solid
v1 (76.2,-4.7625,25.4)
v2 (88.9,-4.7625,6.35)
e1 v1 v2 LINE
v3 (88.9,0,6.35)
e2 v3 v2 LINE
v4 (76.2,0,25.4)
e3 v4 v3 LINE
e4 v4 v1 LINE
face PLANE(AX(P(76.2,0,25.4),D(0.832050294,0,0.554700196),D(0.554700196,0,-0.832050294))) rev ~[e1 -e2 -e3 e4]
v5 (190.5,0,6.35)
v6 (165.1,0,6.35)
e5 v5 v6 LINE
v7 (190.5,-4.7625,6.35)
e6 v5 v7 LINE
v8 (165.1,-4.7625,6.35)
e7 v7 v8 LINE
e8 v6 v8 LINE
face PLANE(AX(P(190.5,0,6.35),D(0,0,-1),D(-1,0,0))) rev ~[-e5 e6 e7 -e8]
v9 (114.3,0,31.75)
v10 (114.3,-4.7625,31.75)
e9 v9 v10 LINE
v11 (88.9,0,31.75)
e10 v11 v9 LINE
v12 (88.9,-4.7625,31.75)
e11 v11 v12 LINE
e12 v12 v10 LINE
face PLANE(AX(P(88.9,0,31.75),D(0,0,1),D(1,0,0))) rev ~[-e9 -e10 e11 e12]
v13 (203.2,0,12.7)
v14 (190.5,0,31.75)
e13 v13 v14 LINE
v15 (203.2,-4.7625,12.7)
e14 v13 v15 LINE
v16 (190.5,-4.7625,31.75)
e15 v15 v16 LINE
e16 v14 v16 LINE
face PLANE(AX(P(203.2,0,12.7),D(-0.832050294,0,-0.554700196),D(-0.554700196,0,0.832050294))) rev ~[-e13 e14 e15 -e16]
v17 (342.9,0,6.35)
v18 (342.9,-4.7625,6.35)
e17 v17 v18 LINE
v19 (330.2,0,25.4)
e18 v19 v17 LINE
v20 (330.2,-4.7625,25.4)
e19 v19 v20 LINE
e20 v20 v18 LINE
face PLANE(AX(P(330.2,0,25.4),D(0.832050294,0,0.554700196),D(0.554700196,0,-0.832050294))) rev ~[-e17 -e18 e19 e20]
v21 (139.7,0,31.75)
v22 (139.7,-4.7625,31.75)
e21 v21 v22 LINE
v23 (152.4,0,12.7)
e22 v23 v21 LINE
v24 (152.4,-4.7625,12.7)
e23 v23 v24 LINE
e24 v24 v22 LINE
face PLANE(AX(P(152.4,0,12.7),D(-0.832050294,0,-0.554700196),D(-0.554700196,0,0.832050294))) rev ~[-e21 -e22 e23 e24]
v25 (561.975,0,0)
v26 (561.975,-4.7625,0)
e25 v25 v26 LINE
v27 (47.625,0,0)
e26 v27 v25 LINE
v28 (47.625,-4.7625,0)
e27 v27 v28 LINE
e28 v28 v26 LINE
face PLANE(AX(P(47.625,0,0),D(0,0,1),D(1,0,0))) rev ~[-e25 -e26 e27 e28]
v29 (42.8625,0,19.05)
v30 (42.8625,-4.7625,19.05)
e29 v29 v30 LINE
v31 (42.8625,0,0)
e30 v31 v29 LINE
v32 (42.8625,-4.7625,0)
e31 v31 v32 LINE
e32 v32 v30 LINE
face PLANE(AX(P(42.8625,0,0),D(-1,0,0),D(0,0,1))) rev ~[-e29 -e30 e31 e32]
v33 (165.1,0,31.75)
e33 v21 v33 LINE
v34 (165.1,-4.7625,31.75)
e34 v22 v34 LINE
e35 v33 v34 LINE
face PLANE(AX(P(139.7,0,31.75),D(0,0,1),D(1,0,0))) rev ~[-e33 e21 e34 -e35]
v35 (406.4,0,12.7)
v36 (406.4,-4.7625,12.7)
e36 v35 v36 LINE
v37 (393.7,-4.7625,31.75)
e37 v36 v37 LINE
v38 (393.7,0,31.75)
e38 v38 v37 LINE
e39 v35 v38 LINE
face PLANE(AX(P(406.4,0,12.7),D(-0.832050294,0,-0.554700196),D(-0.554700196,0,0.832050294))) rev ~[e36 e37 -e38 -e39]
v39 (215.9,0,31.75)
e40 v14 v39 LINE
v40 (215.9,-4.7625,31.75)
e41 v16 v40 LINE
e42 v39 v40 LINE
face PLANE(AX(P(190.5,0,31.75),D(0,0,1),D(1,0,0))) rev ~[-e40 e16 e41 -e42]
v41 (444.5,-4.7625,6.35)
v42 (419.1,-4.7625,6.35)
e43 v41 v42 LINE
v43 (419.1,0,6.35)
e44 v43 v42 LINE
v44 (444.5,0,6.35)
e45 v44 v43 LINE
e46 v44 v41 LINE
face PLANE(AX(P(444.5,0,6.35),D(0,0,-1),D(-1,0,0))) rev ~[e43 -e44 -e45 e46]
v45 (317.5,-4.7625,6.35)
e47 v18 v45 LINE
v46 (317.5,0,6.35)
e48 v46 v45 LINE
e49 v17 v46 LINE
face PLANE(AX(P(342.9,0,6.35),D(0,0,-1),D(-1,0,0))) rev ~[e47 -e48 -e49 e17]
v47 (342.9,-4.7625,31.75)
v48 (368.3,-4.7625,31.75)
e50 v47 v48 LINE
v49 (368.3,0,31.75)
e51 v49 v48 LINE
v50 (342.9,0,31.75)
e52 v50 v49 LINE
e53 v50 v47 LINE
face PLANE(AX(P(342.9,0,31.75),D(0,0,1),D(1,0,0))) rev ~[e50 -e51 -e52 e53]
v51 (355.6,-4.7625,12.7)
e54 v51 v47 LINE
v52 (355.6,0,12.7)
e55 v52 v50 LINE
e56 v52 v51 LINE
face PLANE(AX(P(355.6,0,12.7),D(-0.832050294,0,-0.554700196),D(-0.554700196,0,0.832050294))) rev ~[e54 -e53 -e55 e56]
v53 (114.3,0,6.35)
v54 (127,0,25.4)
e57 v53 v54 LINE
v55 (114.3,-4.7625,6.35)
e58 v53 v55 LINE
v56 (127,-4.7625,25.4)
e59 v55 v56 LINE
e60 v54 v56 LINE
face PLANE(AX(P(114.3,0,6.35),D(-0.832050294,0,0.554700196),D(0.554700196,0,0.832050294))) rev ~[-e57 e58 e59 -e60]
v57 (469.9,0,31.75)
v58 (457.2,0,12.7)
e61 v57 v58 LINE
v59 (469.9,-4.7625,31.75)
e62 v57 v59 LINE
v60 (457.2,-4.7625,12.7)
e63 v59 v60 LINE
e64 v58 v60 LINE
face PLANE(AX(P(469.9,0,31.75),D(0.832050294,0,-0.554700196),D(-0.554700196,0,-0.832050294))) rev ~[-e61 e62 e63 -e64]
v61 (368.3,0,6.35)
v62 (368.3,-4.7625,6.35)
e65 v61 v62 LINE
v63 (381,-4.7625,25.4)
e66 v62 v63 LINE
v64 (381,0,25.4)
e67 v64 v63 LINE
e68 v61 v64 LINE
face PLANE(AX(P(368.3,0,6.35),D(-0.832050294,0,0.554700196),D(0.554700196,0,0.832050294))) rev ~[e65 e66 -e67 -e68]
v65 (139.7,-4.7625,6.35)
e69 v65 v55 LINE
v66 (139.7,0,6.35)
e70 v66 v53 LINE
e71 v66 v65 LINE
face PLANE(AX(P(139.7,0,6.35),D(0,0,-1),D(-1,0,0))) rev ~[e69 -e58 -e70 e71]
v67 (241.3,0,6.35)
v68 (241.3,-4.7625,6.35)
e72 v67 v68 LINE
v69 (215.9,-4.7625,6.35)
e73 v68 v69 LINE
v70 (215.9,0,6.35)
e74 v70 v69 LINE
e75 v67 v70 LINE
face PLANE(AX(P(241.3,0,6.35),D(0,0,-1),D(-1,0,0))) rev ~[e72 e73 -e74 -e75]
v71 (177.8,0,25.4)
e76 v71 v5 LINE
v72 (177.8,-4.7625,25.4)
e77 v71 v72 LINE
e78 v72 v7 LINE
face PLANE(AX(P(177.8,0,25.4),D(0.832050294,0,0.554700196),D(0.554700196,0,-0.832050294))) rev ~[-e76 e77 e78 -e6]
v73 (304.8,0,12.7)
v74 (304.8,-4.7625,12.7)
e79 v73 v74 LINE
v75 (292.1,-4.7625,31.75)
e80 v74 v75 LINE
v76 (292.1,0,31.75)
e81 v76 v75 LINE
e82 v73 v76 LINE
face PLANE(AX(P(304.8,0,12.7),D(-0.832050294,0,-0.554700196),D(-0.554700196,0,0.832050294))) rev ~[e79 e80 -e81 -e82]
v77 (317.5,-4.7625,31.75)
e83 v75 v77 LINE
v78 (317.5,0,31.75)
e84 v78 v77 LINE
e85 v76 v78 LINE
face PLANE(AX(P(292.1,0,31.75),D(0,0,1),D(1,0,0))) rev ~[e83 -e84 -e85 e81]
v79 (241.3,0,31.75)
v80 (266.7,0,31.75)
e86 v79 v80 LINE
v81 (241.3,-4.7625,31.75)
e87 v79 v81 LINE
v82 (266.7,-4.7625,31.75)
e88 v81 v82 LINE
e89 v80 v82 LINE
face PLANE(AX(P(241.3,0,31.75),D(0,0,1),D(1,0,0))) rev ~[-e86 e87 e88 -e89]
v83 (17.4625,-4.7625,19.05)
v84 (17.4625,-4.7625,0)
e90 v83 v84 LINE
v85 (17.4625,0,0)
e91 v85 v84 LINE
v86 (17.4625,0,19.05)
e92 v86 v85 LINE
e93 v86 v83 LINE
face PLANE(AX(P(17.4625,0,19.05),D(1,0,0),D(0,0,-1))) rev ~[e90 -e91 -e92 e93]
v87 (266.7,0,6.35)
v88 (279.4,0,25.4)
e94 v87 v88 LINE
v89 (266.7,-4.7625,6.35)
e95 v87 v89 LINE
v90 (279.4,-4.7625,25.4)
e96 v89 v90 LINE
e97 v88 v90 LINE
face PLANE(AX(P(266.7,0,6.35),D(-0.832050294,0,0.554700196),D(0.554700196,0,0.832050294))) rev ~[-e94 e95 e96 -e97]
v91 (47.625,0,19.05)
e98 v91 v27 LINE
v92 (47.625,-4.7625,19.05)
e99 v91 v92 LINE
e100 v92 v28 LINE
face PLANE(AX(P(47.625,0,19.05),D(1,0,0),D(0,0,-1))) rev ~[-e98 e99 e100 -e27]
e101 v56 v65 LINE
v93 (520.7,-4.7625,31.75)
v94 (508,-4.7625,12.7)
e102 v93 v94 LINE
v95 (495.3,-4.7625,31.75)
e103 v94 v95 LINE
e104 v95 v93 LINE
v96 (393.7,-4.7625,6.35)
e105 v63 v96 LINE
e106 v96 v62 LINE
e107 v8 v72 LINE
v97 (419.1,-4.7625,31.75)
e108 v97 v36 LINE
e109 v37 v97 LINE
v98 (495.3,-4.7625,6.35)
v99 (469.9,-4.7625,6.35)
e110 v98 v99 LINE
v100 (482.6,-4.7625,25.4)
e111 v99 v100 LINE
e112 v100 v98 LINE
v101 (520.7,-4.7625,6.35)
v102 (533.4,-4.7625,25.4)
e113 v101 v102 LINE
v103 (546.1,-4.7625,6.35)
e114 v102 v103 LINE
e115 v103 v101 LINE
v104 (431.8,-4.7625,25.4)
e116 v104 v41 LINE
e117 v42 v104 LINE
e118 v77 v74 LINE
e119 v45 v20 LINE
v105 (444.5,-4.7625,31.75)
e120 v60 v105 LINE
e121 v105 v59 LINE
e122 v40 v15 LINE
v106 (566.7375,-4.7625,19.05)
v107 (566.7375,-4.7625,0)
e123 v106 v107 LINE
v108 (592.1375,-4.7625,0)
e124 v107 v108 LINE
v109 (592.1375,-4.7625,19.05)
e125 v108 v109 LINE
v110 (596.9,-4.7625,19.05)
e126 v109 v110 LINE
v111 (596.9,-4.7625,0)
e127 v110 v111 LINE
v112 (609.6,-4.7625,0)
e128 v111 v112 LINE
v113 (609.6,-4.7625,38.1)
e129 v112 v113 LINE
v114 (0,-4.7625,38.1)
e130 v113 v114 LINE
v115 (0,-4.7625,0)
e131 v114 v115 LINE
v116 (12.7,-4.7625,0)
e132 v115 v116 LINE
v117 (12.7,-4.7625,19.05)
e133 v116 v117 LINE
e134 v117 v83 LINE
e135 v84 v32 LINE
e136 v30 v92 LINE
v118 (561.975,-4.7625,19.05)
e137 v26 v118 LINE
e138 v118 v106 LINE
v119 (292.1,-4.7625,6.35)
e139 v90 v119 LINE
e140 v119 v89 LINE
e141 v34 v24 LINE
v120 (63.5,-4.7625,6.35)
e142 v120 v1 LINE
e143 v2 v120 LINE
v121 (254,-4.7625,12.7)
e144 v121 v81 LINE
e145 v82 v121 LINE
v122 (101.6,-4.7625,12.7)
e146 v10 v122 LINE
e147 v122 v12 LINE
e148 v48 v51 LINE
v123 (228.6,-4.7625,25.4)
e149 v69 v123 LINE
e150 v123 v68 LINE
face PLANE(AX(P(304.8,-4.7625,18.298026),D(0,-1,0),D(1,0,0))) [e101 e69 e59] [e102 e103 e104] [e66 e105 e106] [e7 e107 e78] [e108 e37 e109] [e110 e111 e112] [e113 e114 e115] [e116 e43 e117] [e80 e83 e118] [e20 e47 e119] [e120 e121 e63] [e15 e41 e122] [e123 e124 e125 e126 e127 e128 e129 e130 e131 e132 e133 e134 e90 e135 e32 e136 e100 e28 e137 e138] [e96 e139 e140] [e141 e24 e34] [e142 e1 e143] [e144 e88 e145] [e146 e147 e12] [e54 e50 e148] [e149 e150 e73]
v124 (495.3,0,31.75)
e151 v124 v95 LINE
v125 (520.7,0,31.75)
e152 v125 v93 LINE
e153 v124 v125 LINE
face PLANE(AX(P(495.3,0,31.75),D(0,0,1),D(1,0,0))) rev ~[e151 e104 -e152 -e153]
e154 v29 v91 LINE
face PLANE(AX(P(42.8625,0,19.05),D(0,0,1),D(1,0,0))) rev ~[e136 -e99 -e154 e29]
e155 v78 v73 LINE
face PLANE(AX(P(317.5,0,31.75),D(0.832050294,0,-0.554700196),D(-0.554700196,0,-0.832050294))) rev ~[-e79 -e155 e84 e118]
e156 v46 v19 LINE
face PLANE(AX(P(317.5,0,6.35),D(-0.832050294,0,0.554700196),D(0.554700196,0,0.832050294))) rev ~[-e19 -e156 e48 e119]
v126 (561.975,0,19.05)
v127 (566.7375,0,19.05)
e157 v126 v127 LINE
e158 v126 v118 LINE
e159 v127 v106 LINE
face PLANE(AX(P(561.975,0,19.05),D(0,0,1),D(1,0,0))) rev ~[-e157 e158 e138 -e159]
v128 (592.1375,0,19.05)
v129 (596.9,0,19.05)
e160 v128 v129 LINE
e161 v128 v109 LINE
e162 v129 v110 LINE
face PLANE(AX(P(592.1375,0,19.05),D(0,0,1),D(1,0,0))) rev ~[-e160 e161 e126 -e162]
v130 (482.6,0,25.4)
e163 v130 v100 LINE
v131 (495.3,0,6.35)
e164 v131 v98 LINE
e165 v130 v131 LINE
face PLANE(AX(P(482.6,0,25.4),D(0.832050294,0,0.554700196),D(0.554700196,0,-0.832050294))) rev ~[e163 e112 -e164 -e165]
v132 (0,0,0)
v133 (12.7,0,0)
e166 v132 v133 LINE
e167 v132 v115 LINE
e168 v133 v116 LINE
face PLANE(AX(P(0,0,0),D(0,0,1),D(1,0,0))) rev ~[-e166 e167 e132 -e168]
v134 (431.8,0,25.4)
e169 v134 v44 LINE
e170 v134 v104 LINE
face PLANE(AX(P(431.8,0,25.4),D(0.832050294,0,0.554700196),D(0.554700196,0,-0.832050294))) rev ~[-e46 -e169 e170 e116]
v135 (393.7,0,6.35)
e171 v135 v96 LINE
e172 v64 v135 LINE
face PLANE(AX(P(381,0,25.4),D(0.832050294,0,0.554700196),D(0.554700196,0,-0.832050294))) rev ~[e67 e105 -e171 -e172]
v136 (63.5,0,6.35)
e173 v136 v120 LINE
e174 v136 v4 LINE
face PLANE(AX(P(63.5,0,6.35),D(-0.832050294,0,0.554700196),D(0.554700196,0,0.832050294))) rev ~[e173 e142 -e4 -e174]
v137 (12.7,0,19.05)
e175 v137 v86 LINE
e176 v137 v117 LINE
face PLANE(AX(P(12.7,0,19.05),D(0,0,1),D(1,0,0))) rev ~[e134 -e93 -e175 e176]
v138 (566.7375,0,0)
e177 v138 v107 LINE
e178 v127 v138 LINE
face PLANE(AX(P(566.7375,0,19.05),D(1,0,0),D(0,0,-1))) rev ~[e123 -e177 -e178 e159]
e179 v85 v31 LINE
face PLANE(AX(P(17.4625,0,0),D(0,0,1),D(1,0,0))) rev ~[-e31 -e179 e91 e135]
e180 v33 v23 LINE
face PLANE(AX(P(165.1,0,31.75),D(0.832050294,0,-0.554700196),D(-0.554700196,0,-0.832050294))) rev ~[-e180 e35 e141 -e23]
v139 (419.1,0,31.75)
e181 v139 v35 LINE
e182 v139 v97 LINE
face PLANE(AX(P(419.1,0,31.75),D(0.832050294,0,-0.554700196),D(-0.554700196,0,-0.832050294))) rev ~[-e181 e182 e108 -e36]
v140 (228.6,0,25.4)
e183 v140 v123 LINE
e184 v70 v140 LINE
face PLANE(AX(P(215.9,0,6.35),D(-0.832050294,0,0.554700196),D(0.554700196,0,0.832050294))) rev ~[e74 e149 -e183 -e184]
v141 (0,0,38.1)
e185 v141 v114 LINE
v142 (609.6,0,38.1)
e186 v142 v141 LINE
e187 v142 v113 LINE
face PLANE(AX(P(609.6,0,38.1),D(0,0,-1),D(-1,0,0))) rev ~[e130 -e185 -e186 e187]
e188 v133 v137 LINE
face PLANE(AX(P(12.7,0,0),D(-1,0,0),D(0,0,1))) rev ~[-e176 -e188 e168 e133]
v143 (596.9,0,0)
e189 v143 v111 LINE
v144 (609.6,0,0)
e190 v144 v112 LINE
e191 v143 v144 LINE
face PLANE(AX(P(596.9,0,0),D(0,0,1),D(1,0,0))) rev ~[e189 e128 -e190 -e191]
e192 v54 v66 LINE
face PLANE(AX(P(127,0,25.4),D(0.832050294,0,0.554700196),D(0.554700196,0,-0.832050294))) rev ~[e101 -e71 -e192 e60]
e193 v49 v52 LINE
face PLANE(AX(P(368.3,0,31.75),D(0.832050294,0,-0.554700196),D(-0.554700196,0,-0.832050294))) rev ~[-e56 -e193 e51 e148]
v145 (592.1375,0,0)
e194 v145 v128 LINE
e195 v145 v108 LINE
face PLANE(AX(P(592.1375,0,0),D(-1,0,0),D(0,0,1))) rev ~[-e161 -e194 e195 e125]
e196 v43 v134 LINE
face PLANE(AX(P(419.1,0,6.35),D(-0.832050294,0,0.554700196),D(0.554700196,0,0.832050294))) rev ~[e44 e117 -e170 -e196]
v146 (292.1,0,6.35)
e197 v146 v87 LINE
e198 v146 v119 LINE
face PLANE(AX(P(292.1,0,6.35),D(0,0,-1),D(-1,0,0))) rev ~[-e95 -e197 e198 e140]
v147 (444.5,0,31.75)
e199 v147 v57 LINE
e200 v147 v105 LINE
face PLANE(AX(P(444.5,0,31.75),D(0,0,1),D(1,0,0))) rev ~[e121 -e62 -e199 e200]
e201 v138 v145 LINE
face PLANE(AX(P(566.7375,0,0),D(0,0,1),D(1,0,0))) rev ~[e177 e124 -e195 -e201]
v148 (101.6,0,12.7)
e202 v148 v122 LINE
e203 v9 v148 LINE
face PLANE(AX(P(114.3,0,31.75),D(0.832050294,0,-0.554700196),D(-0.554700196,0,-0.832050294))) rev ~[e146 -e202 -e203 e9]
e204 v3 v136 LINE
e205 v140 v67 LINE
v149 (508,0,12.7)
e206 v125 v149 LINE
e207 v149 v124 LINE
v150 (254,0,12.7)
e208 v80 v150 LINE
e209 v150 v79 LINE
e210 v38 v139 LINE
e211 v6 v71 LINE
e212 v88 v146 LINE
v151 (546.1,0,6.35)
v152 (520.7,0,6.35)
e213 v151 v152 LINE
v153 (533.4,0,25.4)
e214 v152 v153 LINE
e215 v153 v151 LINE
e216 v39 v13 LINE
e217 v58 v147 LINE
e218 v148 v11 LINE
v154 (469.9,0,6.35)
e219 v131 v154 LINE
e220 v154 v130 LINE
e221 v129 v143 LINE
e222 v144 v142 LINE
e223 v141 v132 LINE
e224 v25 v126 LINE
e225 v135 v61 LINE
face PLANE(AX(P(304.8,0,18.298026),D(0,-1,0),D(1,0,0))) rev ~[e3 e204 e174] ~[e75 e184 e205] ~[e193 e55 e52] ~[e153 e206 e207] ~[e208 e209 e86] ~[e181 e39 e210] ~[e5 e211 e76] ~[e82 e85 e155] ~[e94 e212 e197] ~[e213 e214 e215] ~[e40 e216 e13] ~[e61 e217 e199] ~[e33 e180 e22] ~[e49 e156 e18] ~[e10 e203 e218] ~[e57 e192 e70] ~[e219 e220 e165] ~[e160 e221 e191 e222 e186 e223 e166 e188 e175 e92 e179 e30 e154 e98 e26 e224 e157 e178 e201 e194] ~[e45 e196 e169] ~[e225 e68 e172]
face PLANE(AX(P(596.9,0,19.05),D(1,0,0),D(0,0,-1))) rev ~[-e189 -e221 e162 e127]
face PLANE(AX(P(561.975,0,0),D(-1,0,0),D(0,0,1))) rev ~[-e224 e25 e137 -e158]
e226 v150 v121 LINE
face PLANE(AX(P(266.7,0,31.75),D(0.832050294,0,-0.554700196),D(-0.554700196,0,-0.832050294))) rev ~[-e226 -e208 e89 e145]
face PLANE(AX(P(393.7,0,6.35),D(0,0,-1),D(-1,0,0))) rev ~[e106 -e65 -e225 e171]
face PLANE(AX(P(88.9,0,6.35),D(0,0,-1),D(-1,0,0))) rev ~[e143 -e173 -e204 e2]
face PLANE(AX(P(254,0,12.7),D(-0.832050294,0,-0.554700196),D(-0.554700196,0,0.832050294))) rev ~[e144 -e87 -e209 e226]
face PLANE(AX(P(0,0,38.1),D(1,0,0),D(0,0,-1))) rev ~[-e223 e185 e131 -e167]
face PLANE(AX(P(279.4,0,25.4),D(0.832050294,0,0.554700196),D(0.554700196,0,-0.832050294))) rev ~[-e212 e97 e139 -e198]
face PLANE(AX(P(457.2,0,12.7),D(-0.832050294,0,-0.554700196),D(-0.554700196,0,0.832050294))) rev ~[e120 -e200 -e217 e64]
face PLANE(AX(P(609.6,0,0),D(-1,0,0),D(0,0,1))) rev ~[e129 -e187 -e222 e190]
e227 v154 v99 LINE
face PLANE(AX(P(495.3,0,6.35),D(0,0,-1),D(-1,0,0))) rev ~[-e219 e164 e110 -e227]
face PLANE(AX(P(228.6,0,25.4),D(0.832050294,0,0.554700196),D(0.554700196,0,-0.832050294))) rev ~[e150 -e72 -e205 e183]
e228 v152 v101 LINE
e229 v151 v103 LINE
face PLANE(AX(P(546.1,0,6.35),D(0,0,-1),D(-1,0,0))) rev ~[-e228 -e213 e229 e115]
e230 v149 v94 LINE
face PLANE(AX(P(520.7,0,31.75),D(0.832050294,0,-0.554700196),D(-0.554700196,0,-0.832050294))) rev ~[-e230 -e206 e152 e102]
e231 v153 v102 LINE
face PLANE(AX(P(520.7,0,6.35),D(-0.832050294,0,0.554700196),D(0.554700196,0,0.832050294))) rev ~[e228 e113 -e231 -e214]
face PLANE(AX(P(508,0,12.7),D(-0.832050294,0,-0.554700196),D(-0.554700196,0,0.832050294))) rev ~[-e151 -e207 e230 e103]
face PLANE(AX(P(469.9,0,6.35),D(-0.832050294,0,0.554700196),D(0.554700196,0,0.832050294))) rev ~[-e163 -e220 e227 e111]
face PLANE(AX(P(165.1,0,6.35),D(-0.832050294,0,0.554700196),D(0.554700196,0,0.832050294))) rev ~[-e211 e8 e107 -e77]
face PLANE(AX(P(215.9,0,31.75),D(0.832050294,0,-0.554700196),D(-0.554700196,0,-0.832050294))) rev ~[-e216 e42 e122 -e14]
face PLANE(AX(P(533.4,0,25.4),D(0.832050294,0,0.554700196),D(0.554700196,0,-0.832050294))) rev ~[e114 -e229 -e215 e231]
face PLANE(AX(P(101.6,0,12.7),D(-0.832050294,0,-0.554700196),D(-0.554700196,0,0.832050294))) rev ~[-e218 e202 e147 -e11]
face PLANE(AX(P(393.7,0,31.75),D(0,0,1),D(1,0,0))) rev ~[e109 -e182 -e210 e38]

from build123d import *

# Parameters (mm, degrees)
F1_DEPTH = 4.7625


with BuildPart() as f1:
    # F0 (on Front) → F1 (new body)
    with BuildSketch(Plane.XZ):
        Polygon((0, 38.1), (0, 0), (12.7, 0), (12.7, 19.05), (17.4625, 19.05), (17.4625, 0), (42.8625, 0), (42.8625, 19.05), (47.625, 19.05), (47.625, 0), (304.8, 0), (561.975, 0), (561.975, 19.05), (566.7375, 19.05), (566.7375, 0), (592.1375, 0), (592.1375, 19.05), (596.9, 19.05), (596.9, 0), (609.6, 0), (609.6, 38.1), align=None)
        Polygon((88.9, 6.35), (63.5, 6.35), (76.2, 25.4), align=None, mode=Mode.SUBTRACT)
        Polygon((114.3, 6.35), (127, 25.4), (139.7, 6.35), align=None, mode=Mode.SUBTRACT)
        Polygon((165.1, 6.35), (177.8, 25.4), (190.5, 6.35), align=None, mode=Mode.SUBTRACT)
        Polygon((215.9, 6.35), (228.6, 25.4), (241.3, 6.35), align=None, mode=Mode.SUBTRACT)
        Polygon((266.7, 6.35), (279.4, 25.4), (292.1, 6.35), align=None, mode=Mode.SUBTRACT)
        Polygon((330.2, 25.4), (342.9, 6.35), (317.5, 6.35), align=None, mode=Mode.SUBTRACT)
        Polygon((381, 25.4), (393.7, 6.35), (368.3, 6.35), align=None, mode=Mode.SUBTRACT)
        Polygon((431.8, 25.4), (444.5, 6.35), (419.1, 6.35), align=None, mode=Mode.SUBTRACT)
        Polygon((482.6, 25.4), (495.3, 6.35), (469.9, 6.35), align=None, mode=Mode.SUBTRACT)
        Polygon((533.4, 25.4), (546.1, 6.35), (520.7, 6.35), align=None, mode=Mode.SUBTRACT)
        Polygon((101.6, 12.7), (88.9, 31.75), (114.3, 31.75), align=None, mode=Mode.SUBTRACT)
        Polygon((165.1, 31.75), (152.4, 12.7), (139.7, 31.75), align=None, mode=Mode.SUBTRACT)
        Polygon((215.9, 31.75), (203.2, 12.7), (190.5, 31.75), align=None, mode=Mode.SUBTRACT)
        Polygon((266.7, 31.75), (254, 12.7), (241.3, 31.75), align=None, mode=Mode.SUBTRACT)
        Polygon((317.5, 31.75), (304.8, 12.7), (292.1, 31.75), align=None, mode=Mode.SUBTRACT)
        Polygon((368.3, 31.75), (355.6, 12.7), (342.9, 31.75), align=None, mode=Mode.SUBTRACT)
        Polygon((406.4, 12.7), (393.7, 31.75), (419.1, 31.75), align=None, mode=Mode.SUBTRACT)
        Polygon((469.9, 31.75), (457.2, 12.7), (444.5, 31.75), align=None, mode=Mode.SUBTRACT)
        Polygon((508, 12.7), (495.3, 31.75), (520.7, 31.75), align=None, mode=Mode.SUBTRACT)
    extrude(amount=F1_DEPTH)


solid = f1.part
